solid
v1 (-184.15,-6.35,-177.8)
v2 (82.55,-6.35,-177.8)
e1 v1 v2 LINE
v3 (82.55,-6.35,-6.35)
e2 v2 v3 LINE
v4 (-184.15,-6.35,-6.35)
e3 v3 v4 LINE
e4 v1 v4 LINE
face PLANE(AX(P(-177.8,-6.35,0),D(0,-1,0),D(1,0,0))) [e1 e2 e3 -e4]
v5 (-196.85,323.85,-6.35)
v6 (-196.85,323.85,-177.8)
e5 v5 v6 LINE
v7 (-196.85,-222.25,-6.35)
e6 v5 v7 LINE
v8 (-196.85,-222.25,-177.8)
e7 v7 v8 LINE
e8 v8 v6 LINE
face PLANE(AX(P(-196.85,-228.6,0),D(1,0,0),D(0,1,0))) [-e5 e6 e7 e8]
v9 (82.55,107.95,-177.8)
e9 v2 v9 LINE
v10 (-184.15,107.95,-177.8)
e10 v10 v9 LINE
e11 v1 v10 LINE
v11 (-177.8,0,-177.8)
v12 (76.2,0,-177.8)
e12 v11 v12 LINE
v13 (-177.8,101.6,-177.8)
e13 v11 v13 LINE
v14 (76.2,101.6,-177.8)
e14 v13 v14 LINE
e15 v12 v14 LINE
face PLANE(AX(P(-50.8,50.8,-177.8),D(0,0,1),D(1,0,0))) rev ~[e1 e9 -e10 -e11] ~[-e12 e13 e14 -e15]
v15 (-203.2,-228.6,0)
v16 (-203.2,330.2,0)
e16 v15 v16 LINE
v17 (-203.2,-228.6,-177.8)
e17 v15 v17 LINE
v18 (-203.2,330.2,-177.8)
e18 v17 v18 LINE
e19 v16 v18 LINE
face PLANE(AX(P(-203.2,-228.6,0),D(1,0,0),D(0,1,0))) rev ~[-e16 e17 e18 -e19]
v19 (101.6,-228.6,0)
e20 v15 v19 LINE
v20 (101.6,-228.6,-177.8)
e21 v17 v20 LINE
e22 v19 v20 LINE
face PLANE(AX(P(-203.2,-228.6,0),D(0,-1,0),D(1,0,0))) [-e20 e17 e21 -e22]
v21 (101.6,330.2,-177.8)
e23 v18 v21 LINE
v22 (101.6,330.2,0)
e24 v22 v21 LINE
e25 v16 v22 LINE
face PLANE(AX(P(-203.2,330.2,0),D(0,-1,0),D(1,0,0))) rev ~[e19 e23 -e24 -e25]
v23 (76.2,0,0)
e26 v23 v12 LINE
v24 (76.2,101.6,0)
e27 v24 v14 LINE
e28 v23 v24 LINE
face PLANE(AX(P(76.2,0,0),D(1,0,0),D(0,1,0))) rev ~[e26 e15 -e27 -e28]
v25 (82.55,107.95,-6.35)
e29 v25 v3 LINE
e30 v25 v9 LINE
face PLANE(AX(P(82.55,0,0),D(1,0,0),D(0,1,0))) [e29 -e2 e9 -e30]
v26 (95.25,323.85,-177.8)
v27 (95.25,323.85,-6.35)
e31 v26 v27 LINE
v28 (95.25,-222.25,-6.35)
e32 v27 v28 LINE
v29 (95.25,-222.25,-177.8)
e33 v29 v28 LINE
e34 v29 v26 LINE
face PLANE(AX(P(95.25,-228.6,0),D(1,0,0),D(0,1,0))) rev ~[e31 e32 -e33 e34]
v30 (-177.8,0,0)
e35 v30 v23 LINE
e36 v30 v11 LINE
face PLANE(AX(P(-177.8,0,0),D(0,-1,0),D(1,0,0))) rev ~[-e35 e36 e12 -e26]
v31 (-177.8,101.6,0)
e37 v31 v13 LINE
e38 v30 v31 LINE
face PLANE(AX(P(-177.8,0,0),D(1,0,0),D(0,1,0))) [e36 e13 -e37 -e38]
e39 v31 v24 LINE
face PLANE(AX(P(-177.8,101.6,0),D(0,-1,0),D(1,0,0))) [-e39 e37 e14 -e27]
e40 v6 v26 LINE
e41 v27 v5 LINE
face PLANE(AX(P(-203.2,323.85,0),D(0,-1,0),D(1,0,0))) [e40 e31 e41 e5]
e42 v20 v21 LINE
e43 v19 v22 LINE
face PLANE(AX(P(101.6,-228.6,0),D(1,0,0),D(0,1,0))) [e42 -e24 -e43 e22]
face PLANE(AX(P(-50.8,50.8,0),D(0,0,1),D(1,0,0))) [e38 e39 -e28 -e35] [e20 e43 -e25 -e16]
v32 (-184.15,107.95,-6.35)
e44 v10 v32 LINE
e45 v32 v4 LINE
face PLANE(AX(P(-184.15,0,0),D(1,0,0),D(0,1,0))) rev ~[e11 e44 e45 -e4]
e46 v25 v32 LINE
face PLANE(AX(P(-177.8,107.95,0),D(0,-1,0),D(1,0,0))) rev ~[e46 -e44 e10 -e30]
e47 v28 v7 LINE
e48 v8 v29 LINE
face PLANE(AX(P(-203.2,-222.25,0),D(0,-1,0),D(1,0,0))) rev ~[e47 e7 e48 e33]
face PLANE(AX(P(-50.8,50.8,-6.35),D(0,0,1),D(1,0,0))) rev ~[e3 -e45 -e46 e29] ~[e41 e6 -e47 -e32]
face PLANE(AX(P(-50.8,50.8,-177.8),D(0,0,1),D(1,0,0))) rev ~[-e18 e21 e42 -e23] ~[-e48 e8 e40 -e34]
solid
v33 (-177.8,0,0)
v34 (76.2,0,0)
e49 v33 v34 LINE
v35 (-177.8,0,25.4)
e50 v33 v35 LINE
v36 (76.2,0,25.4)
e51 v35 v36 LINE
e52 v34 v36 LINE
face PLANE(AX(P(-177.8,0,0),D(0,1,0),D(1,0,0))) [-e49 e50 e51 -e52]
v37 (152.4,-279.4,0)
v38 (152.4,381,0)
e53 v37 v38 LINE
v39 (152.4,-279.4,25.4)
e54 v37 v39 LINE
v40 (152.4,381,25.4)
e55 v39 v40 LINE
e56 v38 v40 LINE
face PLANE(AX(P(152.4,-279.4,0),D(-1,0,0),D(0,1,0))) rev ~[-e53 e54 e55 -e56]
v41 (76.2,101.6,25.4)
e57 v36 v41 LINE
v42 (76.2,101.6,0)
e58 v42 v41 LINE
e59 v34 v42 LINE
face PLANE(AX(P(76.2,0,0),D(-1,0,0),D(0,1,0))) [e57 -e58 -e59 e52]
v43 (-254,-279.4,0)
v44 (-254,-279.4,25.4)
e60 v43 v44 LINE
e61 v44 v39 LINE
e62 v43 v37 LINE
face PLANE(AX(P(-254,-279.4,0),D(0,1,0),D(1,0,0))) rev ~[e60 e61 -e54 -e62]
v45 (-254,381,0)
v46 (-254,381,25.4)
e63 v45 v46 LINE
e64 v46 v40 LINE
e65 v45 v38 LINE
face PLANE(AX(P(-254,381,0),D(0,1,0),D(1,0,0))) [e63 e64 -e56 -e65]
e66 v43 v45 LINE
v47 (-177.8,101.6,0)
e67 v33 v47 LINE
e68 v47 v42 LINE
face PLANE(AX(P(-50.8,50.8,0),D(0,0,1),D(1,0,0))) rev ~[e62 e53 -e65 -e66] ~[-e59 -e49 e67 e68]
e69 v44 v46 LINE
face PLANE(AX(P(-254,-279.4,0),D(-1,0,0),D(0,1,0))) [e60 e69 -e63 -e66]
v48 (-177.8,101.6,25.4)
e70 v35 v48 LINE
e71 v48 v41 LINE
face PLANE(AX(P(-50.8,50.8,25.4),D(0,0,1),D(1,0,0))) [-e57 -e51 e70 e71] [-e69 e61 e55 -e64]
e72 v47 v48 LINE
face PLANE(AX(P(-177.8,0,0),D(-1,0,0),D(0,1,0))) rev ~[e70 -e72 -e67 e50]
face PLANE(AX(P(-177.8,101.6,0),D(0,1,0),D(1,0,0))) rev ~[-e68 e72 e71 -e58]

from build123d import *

# Parameters (mm, degrees)
F0_W     = 406.4
F0_H     = 660.4
F0_W_2   = 304.8
F0_H_2   = 558.8
F0_W_3   = 254
F0_H_3   = 101.6
F2_DEPTH = 25.4
F3_DEPTH = 177.8
F4_T     = -6.35


with BuildPart() as f2:
    # F0 (on Top) → F2 (new body)
    with BuildSketch(Plane.XY):
        with Locations((-50.8, 50.8)):
            Rectangle(F0_W, F0_H)
        with Locations((-50.8, 50.8)):
            Rectangle(F0_W_2, F0_H_2, mode=Mode.SUBTRACT)
        with Locations((-50.8, 50.8)):
            Rectangle(F0_W_2, F0_H_2)
        with Locations((-50.8, 50.8)):
            Rectangle(F0_W_3, F0_H_3, mode=Mode.SUBTRACT)
    extrude(amount=F2_DEPTH)


with BuildPart() as f3:
    # F0 (on Top) → F3 (new body)
    with BuildSketch(Plane.XY):
        with Locations((-50.8, 50.8)):
            Rectangle(F0_W_2, F0_H_2)
        with Locations((-50.8, 50.8)):
            Rectangle(F0_W_3, F0_H_3, mode=Mode.SUBTRACT)
    extrude(amount=-F3_DEPTH)

    # F4
    f4_openings = [f3.faces().sort_by_distance(p)[0] for p in [
        (95.234778, 50.8, -177.8),
    ]]
    offset(amount=F4_T, openings=f4_openings, kind=Kind.INTERSECTION)


solid = Compound([f2.part, f3.part])
